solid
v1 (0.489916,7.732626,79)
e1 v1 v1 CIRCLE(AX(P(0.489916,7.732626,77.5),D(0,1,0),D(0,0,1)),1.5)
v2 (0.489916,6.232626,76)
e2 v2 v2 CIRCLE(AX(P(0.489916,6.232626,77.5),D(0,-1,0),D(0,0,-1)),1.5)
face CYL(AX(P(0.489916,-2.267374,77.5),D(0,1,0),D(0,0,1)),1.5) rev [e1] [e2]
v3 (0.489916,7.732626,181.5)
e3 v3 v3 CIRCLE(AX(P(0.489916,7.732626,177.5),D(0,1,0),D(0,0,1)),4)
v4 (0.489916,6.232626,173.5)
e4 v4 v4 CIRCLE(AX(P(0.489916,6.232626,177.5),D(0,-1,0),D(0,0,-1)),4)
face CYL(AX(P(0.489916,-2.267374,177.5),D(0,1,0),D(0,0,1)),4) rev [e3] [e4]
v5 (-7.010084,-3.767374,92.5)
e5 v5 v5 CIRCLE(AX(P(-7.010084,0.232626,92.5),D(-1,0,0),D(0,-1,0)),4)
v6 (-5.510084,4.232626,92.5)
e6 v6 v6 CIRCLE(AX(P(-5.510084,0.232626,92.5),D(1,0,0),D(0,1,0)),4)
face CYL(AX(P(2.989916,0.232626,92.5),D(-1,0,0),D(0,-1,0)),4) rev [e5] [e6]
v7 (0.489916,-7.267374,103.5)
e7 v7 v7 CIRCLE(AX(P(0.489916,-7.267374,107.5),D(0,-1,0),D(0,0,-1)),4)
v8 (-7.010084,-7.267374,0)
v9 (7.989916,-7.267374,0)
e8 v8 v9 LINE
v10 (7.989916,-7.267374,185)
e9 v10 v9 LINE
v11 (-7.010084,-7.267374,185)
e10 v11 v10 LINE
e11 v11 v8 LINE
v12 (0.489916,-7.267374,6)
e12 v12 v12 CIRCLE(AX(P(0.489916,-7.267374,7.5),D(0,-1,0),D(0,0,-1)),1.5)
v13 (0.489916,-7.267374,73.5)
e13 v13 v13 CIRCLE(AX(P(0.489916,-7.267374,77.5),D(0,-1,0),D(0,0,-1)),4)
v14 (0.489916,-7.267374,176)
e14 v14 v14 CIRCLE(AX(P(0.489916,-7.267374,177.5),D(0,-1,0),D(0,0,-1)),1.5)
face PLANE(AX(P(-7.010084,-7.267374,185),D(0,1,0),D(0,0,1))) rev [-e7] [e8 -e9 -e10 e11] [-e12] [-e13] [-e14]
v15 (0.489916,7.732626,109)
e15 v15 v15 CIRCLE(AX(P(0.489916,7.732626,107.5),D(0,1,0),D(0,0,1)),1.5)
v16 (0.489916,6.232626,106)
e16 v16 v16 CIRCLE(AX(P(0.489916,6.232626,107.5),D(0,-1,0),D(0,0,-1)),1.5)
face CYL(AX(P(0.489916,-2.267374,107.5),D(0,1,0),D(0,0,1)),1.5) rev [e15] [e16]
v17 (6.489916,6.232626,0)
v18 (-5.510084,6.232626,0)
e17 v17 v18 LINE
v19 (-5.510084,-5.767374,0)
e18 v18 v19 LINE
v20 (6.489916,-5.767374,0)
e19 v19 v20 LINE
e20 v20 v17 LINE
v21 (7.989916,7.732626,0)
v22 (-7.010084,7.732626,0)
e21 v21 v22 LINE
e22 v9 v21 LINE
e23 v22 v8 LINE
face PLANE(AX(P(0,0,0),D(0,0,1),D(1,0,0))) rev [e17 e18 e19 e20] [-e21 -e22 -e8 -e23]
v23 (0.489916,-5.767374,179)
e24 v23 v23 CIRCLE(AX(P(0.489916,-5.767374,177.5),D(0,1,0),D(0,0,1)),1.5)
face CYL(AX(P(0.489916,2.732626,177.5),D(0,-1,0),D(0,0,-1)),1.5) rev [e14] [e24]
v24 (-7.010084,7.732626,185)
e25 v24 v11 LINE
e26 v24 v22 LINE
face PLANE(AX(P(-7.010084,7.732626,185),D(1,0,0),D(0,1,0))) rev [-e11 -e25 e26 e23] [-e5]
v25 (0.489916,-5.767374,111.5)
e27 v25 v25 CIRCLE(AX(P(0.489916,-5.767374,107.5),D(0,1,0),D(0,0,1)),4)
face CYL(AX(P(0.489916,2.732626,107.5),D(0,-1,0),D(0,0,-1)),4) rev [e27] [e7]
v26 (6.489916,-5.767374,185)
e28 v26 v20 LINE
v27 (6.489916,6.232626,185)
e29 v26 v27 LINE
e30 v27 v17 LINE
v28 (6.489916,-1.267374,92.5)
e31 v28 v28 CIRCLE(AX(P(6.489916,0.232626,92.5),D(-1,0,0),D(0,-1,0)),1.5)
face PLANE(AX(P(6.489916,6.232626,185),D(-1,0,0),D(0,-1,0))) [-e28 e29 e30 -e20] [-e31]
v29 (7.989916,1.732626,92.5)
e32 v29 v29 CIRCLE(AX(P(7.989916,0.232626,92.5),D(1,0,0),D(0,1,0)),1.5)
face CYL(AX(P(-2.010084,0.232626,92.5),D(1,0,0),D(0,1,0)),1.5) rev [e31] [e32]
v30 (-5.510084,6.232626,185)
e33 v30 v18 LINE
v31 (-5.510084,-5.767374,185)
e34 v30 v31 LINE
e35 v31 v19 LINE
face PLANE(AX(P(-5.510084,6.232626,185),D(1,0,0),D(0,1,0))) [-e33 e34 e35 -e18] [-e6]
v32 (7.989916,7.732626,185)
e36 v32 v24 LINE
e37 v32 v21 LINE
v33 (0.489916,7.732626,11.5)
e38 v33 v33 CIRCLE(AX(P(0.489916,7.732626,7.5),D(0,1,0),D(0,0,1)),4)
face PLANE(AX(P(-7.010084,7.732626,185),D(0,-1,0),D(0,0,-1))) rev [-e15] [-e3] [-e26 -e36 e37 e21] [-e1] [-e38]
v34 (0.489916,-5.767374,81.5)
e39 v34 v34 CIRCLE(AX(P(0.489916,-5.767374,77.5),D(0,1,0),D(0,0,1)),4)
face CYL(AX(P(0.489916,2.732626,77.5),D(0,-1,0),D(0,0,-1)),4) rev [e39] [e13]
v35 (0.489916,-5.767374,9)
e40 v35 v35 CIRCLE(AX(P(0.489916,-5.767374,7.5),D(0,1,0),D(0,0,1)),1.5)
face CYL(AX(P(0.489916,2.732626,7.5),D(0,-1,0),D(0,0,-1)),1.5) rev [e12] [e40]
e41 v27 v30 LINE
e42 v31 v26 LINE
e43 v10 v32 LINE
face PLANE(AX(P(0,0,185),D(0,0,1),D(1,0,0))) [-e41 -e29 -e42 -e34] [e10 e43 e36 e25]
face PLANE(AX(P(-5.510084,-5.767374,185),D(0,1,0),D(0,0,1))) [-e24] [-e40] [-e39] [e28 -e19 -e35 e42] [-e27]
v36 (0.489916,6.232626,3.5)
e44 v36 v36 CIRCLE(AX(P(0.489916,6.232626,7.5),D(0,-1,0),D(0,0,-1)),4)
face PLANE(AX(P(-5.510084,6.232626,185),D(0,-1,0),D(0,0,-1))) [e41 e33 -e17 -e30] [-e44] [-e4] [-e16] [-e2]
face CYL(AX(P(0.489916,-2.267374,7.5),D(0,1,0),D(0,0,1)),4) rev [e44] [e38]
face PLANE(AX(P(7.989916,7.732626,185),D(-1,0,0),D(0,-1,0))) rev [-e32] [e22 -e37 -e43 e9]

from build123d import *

# Parameters (mm, degrees)
SKETCH_1_W           = 15
SKETCH_1_H           = 15
SKETCH_1_W_2         = 12
SKETCH_1_H_2         = 12
EXTRUDE_2_DEPTH      = 185
SKETCH_2_R           = 4
CUT_EXTRUDE_1_DEPTH  = 10
SKETCH_3_R           = 4
CUT_EXTRUDE_2_DEPTH  = 10
SKETCH_4_R           = 1.5
CUT_EXTRUDE_3_DEPTH  = 10
SKETCH_5_R           = 1.5
CUT_EXTRUDE_4_DEPTH  = 10
SKETCH_6_R           = 1.5
CUT_EXTRUDE_5_DEPTH  = 10
SKETCH_8_R           = 1.5
CUT_EXTRUDE_6_DEPTH  = 10
CUT_EXTRUDE_7_DEPTH  = 10
SKETCH_10_R          = 4
CUT_EXTRUDE_8_DEPTH  = 10
SKETCH_11_R          = 1.5
CUT_EXTRUDE_9_DEPTH  = 10
SKETCH_12_R          = 4
CUT_EXTRUDE_10_DEPTH = 10


with BuildPart() as part:
    # ｽｹｯﾁ1 → ﾎﾞｽ - 押し出し2 (new body)
    with BuildSketch(Plane.XY):
        with Locations((0.489915859, 0.232626086)):
            Rectangle(SKETCH_1_W, SKETCH_1_H)
        with Locations((0.489915859, 0.232626086)):
            Rectangle(SKETCH_1_W_2, SKETCH_1_H_2, mode=Mode.SUBTRACT)
    extrude(amount=EXTRUDE_2_DEPTH)

    # ｽｹｯﾁ2 → ｶｯﾄ - 押し出し1 (cut)
    with BuildSketch(Plane(origin=(0, 7.732626086, 0), x_dir=(1, 0, 0), z_dir=(0, 1, 0))):
        with Locations((0.489915859, -7.5)):
            Circle(SKETCH_2_R)
    extrude(amount=-CUT_EXTRUDE_1_DEPTH, mode=Mode.SUBTRACT)

    # ｽｹｯﾁ3 → ｶｯﾄ - 押し出し2 (cut)
    with BuildSketch(Plane(origin=(0, 7.732626086, 0), x_dir=(1, 0, 0), z_dir=(0, 1, 0))):
        with Locations((0.489915859, -177.5)):
            Circle(SKETCH_3_R)
    extrude(amount=-CUT_EXTRUDE_2_DEPTH, mode=Mode.SUBTRACT)

    # ｽｹｯﾁ4 → ｶｯﾄ - 押し出し3 (cut)
    with BuildSketch(Plane.XZ.offset(7.267373914)):
        with Locations((0.489915859, 7.5)):
            Circle(SKETCH_4_R)
    extrude(amount=-CUT_EXTRUDE_3_DEPTH, mode=Mode.SUBTRACT)

    # ｽｹｯﾁ5 → ｶｯﾄ - 押し出し4 (cut)
    with BuildSketch(Plane.XZ.offset(7.267373914)):
        with Locations((0.489915859, 177.5)):
            Circle(SKETCH_5_R)
    extrude(amount=-CUT_EXTRUDE_4_DEPTH, mode=Mode.SUBTRACT)

    # ｽｹｯﾁ6 → ｶｯﾄ - 押し出し5 (cut)
    with BuildSketch(Plane(origin=(0, 7.732626086, 0), x_dir=(1, 0, 0), z_dir=(0, 1, 0))):
        with Locations((0.489915859, -77.5)):
            Circle(SKETCH_6_R)
    extrude(amount=-CUT_EXTRUDE_5_DEPTH, mode=Mode.SUBTRACT)

    # ｽｹｯﾁ8 → ｶｯﾄ - 押し出し6 (cut)
    with BuildSketch(Plane(origin=(0, 7.732626086, 0), x_dir=(1, 0, 0), z_dir=(0, 1, 0))):
        with Locations((0.489915859, -107.5)):
            Circle(SKETCH_8_R)
    extrude(amount=-CUT_EXTRUDE_6_DEPTH, mode=Mode.SUBTRACT)

    # ｽｹｯﾁ9 → ｶｯﾄ - 押し出し7 (cut)
    with BuildSketch(Plane.XZ.offset(7.267373914)):
        with BuildLine():
            ThreePointArc((4.489915859, 77.5), (3.318342984, 80.328427125), (0.489915859, 81.5))
            Line((0.489915859, 81.5), (0.489915859, 77.5))
            Line((0.489915859, 77.5), (4.489915859, 77.5))
        make_face()
        with BuildLine():
            Line((0.489915859, 77.5), (0.489915859, 81.5))
            ThreePointArc((0.489915859, 81.5), (-2.338511265, 74.671572875), (4.489915859, 77.5))
            Line((4.489915859, 77.5), (0.489915859, 77.5))
        make_face()
    extrude(amount=-CUT_EXTRUDE_7_DEPTH, mode=Mode.SUBTRACT)

    # ｽｹｯﾁ10 → ｶｯﾄ - 押し出し8 (cut)
    with BuildSketch(Plane.XZ.offset(7.267373914)):
        with Locations((0.489915859, 107.5)):
            Circle(SKETCH_10_R)
    extrude(amount=-CUT_EXTRUDE_8_DEPTH, mode=Mode.SUBTRACT)

    # ｽｹｯﾁ11 → ｶｯﾄ - 押し出し9 (cut)
    with BuildSketch(Plane(origin=(7.989915859, 0, 0), x_dir=(0, 0, -1), z_dir=(1, 0, 0))):
        with Locations((-92.5, 0.232626086)):
            Circle(SKETCH_11_R)
    extrude(amount=-CUT_EXTRUDE_9_DEPTH, mode=Mode.SUBTRACT)

    # ｽｹｯﾁ12 → ｶｯﾄ - 押し出し10 (cut)
    with BuildSketch(Plane.ZY.offset(7.010084141)):
        with Locations((92.5, 0.232626086)):
            Circle(SKETCH_12_R)
    extrude(amount=-CUT_EXTRUDE_10_DEPTH, mode=Mode.SUBTRACT)


solid = part.part
